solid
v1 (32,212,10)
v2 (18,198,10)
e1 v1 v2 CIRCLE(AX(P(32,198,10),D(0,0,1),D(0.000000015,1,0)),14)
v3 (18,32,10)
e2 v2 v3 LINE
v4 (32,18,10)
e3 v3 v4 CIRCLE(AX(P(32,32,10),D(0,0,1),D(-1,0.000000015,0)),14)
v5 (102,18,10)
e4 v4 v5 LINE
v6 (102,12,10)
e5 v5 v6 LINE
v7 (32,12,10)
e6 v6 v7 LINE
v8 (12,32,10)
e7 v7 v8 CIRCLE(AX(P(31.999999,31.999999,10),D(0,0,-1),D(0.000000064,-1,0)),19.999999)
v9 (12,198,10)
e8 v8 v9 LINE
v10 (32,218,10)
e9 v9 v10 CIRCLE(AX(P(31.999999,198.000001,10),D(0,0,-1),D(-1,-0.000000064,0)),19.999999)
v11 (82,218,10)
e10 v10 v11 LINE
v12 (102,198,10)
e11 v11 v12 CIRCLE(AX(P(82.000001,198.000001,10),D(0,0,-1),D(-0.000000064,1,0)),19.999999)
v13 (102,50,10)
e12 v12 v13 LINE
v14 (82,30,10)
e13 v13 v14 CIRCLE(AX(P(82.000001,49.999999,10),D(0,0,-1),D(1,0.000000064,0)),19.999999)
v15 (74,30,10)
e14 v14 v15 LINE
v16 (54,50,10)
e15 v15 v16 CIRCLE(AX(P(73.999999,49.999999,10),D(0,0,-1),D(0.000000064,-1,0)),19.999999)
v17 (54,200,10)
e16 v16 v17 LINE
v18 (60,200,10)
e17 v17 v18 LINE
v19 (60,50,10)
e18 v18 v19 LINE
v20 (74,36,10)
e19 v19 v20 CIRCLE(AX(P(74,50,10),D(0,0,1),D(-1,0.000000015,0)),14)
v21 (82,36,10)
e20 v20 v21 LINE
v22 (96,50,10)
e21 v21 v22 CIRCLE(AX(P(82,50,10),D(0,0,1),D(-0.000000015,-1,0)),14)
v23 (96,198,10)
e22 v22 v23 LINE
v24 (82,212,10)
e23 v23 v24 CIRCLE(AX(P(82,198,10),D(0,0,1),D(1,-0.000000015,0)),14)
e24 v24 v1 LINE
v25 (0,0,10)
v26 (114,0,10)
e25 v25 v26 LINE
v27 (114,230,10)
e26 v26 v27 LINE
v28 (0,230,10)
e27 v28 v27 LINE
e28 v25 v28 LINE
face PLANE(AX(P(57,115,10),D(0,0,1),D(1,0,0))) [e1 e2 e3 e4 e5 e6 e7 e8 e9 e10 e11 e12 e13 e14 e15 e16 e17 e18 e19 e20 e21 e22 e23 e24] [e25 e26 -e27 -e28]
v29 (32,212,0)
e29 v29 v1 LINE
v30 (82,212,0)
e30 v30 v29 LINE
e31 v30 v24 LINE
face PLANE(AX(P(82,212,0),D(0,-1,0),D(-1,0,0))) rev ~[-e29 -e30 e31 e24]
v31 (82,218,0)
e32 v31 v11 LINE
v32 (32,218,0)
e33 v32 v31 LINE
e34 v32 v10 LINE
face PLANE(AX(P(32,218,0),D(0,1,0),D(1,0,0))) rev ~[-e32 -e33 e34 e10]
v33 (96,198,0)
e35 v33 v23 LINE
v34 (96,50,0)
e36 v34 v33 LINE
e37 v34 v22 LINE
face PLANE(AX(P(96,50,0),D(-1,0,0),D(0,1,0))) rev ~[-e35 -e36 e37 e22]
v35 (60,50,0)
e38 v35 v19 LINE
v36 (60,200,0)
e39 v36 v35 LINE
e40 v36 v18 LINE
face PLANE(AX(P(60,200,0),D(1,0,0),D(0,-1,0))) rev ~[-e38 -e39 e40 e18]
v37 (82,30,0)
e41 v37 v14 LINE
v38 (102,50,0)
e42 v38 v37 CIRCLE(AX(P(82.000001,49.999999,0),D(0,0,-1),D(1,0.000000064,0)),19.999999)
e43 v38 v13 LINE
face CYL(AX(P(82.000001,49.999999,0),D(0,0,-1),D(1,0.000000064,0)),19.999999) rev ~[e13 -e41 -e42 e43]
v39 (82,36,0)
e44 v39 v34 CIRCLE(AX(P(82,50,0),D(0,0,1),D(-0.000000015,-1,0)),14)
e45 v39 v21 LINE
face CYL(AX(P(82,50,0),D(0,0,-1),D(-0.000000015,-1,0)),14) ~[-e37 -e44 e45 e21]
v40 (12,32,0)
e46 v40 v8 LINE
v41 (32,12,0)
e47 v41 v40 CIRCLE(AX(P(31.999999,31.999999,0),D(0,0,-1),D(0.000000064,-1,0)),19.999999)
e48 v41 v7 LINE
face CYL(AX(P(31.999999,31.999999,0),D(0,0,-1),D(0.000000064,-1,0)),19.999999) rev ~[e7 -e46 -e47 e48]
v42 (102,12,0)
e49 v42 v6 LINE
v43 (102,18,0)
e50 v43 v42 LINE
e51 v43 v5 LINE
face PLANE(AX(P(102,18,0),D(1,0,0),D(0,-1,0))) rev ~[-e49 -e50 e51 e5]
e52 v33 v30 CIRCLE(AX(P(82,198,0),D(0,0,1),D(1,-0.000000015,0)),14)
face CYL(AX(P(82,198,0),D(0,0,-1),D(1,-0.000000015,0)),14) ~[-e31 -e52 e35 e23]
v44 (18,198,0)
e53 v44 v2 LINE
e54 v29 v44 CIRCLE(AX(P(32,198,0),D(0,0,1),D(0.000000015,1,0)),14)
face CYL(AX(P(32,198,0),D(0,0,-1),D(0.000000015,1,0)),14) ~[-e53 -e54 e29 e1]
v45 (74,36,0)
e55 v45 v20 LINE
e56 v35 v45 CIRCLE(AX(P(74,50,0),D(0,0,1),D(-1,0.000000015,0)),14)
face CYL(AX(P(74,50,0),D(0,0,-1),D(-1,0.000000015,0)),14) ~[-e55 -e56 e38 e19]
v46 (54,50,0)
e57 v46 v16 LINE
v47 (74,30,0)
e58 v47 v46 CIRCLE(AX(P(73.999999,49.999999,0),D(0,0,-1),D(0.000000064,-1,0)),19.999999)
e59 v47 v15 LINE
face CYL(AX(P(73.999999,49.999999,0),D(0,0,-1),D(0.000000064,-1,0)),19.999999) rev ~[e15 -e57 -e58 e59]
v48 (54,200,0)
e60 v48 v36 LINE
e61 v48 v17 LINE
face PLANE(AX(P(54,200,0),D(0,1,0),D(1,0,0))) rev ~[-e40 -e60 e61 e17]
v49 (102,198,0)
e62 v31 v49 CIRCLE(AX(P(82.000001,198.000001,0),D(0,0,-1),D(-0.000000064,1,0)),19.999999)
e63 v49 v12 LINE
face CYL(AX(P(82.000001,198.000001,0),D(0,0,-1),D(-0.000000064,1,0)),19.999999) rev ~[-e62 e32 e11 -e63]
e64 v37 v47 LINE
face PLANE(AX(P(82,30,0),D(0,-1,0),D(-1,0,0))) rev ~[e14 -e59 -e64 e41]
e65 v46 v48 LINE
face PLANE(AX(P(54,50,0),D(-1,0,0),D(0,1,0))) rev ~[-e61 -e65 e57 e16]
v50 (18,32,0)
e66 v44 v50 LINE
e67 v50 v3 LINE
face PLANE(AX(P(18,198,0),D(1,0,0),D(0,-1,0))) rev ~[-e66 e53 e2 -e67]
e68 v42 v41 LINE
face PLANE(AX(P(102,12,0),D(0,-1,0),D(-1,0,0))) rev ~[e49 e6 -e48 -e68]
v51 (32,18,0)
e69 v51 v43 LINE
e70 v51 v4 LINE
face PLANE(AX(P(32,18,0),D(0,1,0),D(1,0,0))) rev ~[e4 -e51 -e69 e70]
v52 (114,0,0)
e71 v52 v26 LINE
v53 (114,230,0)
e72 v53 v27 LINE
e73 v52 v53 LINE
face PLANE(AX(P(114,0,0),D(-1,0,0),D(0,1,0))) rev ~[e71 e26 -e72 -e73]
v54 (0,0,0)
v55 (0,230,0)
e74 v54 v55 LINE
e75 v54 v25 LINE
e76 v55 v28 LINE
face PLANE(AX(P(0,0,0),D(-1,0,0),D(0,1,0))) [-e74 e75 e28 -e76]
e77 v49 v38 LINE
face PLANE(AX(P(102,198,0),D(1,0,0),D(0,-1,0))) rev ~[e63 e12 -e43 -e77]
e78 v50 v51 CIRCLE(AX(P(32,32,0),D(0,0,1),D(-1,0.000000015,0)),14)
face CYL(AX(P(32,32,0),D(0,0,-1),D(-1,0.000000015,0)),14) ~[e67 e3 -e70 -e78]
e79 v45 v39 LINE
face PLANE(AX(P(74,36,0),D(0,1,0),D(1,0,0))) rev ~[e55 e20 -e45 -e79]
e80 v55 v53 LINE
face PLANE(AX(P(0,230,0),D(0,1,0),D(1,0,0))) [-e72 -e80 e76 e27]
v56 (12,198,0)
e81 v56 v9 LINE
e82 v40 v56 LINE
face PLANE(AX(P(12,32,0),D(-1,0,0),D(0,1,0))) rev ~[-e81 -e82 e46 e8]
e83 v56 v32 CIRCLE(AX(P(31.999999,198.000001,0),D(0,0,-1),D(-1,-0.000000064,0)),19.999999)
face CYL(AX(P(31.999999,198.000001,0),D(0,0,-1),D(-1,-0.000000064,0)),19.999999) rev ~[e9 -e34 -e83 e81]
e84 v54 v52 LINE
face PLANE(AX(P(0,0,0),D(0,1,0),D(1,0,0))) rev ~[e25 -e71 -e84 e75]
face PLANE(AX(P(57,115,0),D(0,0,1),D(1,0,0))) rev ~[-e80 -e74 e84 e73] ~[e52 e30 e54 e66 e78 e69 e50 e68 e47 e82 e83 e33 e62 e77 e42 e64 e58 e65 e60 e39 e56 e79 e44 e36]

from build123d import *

# Parameters (mm, degrees)
F0_W     = 114
F0_H     = 230
F1_DEPTH = 10


with BuildPart() as f1:
    # F0 (on Top) → F1 (new body)
    with BuildSketch(Plane.XY):
        with Locations((57, 115)):
            Rectangle(F0_W, F0_H)
        with BuildLine():
            Line((12, 32), (12, 198))
            ThreePointArc((12, 198), (17.857864, 212.142136), (32, 218))
            Line((32, 218), (82, 218))
            ThreePointArc((82, 218), (96.142136, 212.142136), (102, 198))
            Line((102, 198), (102, 50))
            ThreePointArc((102, 50), (96.142136, 35.857864), (82, 30))
            Line((82, 30), (74, 30))
            ThreePointArc((74, 30), (59.857864, 35.857864), (54, 50))
            Line((54, 50), (54, 200))
            Line((54, 200), (60, 200))
            Line((60, 200), (60, 50))
            ThreePointArc((60, 50), (64.100505, 40.100505), (74, 36))
            Line((74, 36), (82, 36))
            ThreePointArc((82, 36), (91.899495, 40.100505), (96, 50))
            Line((96, 50), (96, 198))
            ThreePointArc((96, 198), (91.899495, 207.899495), (82, 212))
            Line((82, 212), (32, 212))
            ThreePointArc((32, 212), (22.100505, 207.899495), (18, 198))
            Line((18, 198), (18, 32))
            ThreePointArc((18, 32), (22.100505, 22.100505), (32, 18))
            Line((32, 18), (102, 18))
            Line((102, 18), (102, 12))
            Line((102, 12), (82, 12))
            Line((82, 12), (32, 12))
            ThreePointArc((32, 12), (17.857864, 17.857864), (12, 32))
        make_face(mode=Mode.SUBTRACT)
    extrude(amount=F1_DEPTH)


solid = f1.part
